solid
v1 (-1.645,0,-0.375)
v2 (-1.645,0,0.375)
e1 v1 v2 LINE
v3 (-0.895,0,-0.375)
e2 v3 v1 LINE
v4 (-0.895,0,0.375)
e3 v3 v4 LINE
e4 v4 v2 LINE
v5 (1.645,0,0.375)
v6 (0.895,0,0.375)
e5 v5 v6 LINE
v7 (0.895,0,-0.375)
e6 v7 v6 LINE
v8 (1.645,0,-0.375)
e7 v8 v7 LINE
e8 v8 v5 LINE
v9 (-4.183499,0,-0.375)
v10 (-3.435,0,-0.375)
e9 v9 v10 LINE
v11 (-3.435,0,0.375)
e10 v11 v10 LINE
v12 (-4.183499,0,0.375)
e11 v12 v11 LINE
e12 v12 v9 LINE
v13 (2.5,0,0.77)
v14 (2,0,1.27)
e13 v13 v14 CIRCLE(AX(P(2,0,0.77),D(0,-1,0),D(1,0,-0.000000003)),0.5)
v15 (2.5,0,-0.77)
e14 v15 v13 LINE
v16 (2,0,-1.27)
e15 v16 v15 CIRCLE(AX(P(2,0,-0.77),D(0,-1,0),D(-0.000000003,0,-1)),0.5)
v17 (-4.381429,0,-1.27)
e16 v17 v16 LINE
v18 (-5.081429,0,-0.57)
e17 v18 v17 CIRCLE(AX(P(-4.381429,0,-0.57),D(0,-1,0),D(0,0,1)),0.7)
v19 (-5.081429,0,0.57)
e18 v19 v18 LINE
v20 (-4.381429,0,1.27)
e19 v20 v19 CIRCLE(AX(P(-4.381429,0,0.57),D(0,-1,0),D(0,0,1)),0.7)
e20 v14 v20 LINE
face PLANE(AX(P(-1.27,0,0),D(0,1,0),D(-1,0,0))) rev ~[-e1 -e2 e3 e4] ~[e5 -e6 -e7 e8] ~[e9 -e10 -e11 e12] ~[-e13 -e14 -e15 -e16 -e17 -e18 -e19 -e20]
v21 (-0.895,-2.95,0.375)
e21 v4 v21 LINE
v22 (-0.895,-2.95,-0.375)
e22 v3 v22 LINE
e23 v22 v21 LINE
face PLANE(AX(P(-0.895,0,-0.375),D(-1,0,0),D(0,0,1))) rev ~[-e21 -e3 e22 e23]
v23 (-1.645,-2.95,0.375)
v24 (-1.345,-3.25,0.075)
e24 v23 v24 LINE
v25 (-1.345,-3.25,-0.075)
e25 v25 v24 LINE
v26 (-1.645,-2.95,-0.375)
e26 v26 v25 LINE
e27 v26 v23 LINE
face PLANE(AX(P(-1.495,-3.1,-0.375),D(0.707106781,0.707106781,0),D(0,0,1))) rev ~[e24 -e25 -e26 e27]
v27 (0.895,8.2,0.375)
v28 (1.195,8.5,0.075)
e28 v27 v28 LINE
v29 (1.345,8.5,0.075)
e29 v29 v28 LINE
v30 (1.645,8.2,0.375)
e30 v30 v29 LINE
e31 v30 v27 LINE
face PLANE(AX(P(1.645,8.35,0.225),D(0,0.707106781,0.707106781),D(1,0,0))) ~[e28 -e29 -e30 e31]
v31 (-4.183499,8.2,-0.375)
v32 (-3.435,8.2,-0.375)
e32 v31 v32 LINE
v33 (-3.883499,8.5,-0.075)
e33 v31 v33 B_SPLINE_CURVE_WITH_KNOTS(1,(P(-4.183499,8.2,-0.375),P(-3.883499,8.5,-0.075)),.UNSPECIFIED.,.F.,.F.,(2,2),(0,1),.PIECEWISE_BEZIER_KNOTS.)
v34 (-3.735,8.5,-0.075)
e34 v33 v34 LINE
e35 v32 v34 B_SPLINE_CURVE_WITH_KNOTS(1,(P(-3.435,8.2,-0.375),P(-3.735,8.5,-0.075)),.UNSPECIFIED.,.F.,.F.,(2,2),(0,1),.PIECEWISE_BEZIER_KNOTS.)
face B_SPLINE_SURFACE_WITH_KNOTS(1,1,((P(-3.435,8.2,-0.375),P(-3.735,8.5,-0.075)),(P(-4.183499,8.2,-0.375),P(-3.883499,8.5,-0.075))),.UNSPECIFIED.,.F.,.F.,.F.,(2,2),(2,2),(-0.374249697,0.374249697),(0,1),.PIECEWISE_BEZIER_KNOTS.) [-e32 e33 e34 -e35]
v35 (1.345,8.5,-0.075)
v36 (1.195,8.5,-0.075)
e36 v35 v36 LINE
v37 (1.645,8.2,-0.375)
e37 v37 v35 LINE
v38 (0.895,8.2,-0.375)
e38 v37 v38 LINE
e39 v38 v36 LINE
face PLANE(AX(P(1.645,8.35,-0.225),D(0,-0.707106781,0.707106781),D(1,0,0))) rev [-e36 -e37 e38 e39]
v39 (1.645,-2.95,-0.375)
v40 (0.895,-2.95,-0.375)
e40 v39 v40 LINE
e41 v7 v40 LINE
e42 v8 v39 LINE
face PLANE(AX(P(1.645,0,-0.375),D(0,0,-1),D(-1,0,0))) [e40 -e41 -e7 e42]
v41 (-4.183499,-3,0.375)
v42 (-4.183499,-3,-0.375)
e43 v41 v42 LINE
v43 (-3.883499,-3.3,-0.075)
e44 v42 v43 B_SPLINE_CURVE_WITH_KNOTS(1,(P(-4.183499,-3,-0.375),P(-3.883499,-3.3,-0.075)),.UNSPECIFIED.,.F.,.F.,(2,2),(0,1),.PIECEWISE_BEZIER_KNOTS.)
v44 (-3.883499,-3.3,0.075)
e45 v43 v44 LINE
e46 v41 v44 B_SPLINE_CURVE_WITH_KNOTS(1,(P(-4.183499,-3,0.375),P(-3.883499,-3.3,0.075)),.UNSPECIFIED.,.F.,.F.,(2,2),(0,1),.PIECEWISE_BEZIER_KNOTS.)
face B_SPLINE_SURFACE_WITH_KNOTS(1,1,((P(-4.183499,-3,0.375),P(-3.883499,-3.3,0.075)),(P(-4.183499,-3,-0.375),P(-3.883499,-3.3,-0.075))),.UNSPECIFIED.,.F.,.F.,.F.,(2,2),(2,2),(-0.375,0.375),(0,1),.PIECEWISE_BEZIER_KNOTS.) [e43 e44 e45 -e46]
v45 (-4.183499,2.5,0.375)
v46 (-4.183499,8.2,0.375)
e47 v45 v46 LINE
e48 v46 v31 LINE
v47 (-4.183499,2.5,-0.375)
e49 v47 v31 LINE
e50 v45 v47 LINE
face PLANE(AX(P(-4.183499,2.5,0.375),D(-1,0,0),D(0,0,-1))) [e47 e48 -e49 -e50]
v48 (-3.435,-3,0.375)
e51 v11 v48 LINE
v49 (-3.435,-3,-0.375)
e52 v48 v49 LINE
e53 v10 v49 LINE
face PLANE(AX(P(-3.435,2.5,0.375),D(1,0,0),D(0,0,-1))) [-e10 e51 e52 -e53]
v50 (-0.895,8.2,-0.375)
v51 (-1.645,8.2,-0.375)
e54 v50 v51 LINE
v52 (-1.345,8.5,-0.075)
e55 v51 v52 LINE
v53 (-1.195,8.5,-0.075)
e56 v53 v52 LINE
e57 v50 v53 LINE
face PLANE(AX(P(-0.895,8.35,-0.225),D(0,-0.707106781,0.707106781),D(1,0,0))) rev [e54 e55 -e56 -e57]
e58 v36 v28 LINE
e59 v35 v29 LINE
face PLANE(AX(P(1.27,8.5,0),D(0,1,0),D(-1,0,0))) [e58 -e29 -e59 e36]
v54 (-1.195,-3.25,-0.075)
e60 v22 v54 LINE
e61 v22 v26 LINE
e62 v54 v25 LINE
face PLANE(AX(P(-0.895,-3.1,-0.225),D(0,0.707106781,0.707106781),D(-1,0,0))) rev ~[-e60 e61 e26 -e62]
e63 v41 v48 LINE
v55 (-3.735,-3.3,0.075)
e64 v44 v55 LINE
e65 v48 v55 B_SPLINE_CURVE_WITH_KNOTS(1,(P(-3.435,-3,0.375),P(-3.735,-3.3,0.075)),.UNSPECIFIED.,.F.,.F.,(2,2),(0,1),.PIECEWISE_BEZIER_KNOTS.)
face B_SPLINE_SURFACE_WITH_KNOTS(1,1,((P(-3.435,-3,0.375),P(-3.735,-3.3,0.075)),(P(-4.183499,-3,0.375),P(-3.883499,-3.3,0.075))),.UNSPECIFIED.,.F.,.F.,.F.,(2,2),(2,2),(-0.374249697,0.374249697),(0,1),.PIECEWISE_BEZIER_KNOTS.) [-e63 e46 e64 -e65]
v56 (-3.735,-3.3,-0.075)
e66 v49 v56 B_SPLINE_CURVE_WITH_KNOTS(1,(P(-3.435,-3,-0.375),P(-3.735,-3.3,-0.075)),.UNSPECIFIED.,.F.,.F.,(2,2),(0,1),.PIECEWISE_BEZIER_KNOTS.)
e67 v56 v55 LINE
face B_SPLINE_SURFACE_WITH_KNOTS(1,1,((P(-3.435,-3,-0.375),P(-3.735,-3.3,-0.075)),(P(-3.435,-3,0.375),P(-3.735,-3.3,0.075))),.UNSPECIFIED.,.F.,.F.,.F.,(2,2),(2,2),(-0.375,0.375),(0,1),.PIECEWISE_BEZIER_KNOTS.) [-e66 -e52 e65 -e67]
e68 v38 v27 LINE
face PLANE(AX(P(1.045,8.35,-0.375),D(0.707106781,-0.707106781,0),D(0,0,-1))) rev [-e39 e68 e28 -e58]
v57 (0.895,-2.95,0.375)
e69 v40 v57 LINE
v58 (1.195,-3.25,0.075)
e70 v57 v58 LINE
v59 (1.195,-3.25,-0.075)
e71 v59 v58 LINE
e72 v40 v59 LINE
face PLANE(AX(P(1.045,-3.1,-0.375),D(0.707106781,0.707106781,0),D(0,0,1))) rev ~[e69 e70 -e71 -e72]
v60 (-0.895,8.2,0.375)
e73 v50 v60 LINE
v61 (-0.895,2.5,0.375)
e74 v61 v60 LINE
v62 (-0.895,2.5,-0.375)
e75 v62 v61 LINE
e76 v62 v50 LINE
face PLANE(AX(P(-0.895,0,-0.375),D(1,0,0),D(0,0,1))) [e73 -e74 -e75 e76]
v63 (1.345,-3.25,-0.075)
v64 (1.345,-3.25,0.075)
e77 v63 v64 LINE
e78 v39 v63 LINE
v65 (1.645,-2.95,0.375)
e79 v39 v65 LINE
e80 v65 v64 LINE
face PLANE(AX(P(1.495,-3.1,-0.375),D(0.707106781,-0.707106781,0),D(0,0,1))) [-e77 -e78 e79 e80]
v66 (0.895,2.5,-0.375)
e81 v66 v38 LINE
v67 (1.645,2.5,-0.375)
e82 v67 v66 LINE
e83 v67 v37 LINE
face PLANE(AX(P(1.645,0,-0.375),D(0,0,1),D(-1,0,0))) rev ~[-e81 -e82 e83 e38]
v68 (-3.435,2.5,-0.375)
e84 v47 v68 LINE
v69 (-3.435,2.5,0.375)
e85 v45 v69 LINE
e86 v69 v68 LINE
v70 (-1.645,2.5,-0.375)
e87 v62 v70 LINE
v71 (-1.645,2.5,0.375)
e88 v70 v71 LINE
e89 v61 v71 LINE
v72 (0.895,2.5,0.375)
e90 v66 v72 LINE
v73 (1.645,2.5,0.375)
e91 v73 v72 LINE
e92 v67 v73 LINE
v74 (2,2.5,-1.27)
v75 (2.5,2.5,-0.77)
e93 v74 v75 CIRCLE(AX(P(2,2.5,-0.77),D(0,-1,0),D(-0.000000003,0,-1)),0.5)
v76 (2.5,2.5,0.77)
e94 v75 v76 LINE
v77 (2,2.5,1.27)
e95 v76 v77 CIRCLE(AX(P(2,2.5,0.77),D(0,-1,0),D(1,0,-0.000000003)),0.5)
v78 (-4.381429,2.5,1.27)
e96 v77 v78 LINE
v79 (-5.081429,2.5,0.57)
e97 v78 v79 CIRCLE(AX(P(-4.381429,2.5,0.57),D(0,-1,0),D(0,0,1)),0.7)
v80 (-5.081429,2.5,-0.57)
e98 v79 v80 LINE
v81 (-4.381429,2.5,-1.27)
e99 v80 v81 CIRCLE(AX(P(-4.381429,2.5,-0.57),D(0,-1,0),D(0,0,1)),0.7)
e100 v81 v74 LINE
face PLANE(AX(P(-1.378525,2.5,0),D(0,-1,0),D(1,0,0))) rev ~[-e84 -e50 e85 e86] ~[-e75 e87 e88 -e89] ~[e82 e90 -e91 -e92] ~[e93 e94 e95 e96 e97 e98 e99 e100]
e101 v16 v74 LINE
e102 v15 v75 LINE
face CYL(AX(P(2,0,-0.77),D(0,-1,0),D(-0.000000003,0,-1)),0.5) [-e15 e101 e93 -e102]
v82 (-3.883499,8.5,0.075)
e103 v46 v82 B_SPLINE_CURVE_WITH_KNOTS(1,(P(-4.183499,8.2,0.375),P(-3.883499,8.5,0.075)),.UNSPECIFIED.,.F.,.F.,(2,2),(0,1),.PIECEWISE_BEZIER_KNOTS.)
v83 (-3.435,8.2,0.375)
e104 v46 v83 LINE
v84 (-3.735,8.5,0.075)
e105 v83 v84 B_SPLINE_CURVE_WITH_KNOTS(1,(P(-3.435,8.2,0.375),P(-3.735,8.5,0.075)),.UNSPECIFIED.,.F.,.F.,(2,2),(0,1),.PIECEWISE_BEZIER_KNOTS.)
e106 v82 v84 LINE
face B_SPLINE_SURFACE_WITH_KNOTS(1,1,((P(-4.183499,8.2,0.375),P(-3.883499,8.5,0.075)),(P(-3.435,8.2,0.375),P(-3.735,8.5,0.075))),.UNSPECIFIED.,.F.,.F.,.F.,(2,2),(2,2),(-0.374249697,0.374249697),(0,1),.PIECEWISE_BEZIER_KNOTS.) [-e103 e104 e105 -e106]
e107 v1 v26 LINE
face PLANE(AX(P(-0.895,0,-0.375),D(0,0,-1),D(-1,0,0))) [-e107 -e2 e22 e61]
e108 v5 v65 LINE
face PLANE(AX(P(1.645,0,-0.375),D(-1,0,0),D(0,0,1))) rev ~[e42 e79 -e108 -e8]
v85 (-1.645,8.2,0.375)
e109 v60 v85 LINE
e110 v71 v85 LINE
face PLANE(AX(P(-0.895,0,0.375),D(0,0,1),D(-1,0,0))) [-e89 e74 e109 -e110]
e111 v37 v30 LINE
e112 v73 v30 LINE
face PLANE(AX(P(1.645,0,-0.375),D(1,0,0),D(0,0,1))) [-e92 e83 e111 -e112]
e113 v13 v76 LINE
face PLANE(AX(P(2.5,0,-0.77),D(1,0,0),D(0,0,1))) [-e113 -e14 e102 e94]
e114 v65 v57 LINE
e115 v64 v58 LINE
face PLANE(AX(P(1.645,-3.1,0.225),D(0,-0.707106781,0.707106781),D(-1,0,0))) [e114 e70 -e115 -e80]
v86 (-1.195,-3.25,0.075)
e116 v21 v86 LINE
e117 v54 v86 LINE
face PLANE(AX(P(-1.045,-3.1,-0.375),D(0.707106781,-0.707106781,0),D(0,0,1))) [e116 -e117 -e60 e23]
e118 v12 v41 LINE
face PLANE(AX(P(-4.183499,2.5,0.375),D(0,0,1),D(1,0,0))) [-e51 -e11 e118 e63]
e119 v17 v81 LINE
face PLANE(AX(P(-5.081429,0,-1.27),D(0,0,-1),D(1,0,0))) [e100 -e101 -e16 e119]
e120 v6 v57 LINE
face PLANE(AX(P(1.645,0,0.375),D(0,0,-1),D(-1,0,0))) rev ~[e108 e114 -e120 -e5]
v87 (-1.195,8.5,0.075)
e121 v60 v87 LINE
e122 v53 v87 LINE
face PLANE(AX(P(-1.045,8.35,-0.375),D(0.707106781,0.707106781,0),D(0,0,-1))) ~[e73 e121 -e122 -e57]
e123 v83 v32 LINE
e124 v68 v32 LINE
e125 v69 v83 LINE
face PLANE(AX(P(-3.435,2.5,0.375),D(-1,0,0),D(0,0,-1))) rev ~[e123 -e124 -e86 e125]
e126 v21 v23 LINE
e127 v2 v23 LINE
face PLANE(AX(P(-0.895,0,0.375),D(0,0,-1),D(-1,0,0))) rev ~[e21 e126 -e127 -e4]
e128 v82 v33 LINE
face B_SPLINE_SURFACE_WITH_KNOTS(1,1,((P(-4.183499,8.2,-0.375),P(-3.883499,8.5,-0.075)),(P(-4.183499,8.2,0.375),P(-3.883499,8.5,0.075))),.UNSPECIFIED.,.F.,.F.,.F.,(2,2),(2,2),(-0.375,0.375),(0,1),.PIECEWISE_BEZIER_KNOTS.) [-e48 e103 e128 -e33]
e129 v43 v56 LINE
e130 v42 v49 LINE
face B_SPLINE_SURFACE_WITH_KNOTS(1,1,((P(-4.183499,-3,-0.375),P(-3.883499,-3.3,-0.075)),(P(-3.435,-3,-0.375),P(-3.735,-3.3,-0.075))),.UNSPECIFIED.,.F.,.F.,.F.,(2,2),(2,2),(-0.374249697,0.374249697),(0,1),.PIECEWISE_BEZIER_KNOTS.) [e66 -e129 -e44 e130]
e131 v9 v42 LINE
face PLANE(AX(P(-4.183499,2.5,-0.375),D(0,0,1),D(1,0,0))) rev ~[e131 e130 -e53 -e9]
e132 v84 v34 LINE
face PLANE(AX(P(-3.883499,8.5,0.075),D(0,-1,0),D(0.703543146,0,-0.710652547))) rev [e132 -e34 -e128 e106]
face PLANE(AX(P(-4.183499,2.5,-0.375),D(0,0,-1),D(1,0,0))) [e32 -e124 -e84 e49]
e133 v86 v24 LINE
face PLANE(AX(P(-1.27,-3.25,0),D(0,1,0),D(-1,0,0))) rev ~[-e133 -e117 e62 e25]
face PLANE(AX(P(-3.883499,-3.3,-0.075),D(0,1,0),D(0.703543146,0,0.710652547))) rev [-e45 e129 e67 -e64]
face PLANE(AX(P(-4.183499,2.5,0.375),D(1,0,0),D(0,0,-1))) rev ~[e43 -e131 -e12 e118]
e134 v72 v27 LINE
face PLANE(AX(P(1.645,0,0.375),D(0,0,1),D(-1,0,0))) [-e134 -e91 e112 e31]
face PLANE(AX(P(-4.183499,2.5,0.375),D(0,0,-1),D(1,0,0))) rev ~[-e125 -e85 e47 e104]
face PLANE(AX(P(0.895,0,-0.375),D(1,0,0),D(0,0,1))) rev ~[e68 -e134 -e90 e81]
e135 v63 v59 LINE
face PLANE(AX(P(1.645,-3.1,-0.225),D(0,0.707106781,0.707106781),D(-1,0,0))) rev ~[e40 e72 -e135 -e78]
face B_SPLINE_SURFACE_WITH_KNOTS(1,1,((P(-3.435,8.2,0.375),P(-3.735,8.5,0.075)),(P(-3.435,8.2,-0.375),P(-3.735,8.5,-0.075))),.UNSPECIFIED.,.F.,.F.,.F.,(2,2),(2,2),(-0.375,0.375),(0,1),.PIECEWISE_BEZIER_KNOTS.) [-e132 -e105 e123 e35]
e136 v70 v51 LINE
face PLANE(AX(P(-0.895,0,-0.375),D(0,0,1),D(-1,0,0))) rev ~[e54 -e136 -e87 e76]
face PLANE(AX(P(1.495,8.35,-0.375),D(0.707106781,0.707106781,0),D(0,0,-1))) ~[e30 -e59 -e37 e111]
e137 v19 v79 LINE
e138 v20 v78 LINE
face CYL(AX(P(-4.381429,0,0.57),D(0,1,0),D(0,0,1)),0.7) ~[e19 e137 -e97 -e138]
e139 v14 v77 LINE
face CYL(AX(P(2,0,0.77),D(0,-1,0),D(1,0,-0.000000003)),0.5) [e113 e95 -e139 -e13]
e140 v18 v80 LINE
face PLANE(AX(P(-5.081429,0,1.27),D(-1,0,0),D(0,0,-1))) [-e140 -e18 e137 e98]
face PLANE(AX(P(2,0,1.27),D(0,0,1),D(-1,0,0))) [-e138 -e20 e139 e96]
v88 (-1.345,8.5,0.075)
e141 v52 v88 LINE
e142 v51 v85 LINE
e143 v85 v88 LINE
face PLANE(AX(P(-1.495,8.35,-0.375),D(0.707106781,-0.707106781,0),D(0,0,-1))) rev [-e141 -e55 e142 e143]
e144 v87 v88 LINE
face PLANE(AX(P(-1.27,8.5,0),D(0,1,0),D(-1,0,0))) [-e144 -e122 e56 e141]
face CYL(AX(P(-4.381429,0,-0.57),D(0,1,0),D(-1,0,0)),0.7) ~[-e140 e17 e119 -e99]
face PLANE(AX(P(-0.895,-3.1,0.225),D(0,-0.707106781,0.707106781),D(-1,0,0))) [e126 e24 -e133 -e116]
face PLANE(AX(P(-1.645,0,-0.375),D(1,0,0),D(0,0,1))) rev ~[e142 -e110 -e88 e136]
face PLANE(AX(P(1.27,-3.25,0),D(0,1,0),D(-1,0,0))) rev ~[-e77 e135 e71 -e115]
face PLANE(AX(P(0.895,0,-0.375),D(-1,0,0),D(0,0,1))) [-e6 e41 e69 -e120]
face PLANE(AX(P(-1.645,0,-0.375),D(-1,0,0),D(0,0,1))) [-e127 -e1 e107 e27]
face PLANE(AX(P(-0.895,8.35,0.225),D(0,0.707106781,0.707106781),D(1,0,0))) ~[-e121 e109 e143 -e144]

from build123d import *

# Parameters (mm, degrees)
BOSS_EXTRUDE1_DEPTH          = 2.5
SKETCH2_W                    = 0.75
SKETCH2_H                    = 0.75
BOSS_EXTRUDE2_DEPTH          = 8.5
BOSS_EXTRUDE2_DEPTH_BACK     = 3.25
CHAMFER1_SIZE                = 0.3
REDONDEO3_R                  = 0.7
CROQUIS5_W                   = 0.748499393
CROQUIS5_H                   = 0.75
SALIENTE_EXTRUIR4_DEPTH      = 5.7
SALIENTE_EXTRUIR4_DEPTH_BACK = 5.5
CROQUIS6_W                   = 0.748499393
CROQUIS6_H                   = 0.75
SALIENTE_EXTRUIR5_DEPTH      = 0.3
SALIENTE_EXTRUIR5_TAPER      = 45
CROQUIS7_W                   = 0.748499393
CROQUIS7_H                   = 0.75
SALIENTE_EXTRUIR6_DEPTH      = 0.3
SALIENTE_EXTRUIR6_TAPER      = 45


with BuildPart() as part:
    # Sketch1 → Boss-Extrude1 (new body)
    with BuildSketch(Plane(origin=(0, 0, 0), x_dir=(-1, 0, 0), z_dir=(0, 1, 0))):
        with BuildLine():
            Line((-2, 1.27), (2, 1.27))
            Line((2, 1.27), (4.545175415, 1.27))
            Line((4.545175415, 1.27), (5.081429124, 1.27))
            Line((5.081429124, 1.27), (5.081429124, -1.27))
            Line((5.081429124, -1.27), (4.545175415, -1.27))
            Line((4.545175415, -1.27), (2, -1.27))
            Line((2, -1.27), (-2, -1.27))
            ThreePointArc((-2, -1.27), (-2.353553391, -1.123553391), (-2.5, -0.77))
            Line((-2.5, -0.77), (-2.5, 0.77))
            ThreePointArc((-2.5, 0.77), (-2.353553391, 1.123553391), (-2, 1.27))
        make_face()
    extrude(amount=BOSS_EXTRUDE1_DEPTH)

    # Sketch2 → Boss-Extrude2 (add, two sides)
    with BuildSketch(Plane(origin=(0, 0, 0), x_dir=(-1, 0, 0), z_dir=(0, 1, 0))) as boss_extrude2_sk:
        with Locations((1.27, 0)):
            Rectangle(SKETCH2_W, SKETCH2_H)
        with Locations((-1.27, 0)):
            Rectangle(SKETCH2_W, SKETCH2_H)
    extrude(amount=BOSS_EXTRUDE2_DEPTH)
    extrude(boss_extrude2_sk.sketch, amount=-BOSS_EXTRUDE2_DEPTH_BACK)

    # Chamfer1
    chamfer1_edges = [part.edges().sort_by_distance(p)[0] for p in [
        (-0.895, -3.25, 0),
        (-1.27, -3.25, 0.375),
        (-1.645, -3.25, 0),
        (-1.27, -3.25, -0.375),
        (-0.895, 8.5, 0),
        (-1.27, 8.5, -0.375),
        (-1.645, 8.5, 0),
        (-1.27, 8.5, 0.375),
        (0.895, -3.25, 0),
        (1.27, -3.25, -0.375),
        (1.645, -3.25, 0),
        (1.27, -3.25, 0.375),
        (0.895, 8.5, 0),
        (1.27, 8.5, 0.375),
        (1.645, 8.5, 0),
        (1.27, 8.5, -0.375),
    ]]
    chamfer(chamfer1_edges, length=CHAMFER1_SIZE)

    # Redondeo3
    redondeo3_edges = [part.edges().sort_by_distance(p)[0] for p in [
        (-5.081429124, 1.25, 1.27),
        (-5.081429124, 1.25, -1.27),
    ]]
    fillet(redondeo3_edges, radius=REDONDEO3_R)

    # Croquis5 → Saliente-Extruir4 (add, two sides)
    with BuildSketch(Plane(origin=(0, 2.5, 0), x_dir=(1, 0, 0), z_dir=(0, 1, 0))) as saliente_extruir4_sk:
        with Locations((-3.809249697, 0)):
            Rectangle(CROQUIS5_W, CROQUIS5_H)
    extrude(amount=SALIENTE_EXTRUIR4_DEPTH)
    extrude(saliente_extruir4_sk.sketch, amount=-SALIENTE_EXTRUIR4_DEPTH_BACK)

    # Croquis6 → Saliente-Extruir5 (add)
    with BuildSketch(Plane(origin=(0, 8.2, 0), x_dir=(1, 0, 0), z_dir=(0, 1, 0))):
        with Locations((-3.809249697, 0)):
            Rectangle(CROQUIS6_W, CROQUIS6_H)
    extrude(amount=SALIENTE_EXTRUIR5_DEPTH, taper=SALIENTE_EXTRUIR5_TAPER)

    # Croquis7 → Saliente-Extruir6 (add)
    with BuildSketch(Plane.XZ.offset(3)):
        with Locations((-3.809249697, 0)):
            Rectangle(CROQUIS7_W, CROQUIS7_H)
    extrude(amount=SALIENTE_EXTRUIR6_DEPTH, taper=SALIENTE_EXTRUIR6_TAPER)


solid = part.part
